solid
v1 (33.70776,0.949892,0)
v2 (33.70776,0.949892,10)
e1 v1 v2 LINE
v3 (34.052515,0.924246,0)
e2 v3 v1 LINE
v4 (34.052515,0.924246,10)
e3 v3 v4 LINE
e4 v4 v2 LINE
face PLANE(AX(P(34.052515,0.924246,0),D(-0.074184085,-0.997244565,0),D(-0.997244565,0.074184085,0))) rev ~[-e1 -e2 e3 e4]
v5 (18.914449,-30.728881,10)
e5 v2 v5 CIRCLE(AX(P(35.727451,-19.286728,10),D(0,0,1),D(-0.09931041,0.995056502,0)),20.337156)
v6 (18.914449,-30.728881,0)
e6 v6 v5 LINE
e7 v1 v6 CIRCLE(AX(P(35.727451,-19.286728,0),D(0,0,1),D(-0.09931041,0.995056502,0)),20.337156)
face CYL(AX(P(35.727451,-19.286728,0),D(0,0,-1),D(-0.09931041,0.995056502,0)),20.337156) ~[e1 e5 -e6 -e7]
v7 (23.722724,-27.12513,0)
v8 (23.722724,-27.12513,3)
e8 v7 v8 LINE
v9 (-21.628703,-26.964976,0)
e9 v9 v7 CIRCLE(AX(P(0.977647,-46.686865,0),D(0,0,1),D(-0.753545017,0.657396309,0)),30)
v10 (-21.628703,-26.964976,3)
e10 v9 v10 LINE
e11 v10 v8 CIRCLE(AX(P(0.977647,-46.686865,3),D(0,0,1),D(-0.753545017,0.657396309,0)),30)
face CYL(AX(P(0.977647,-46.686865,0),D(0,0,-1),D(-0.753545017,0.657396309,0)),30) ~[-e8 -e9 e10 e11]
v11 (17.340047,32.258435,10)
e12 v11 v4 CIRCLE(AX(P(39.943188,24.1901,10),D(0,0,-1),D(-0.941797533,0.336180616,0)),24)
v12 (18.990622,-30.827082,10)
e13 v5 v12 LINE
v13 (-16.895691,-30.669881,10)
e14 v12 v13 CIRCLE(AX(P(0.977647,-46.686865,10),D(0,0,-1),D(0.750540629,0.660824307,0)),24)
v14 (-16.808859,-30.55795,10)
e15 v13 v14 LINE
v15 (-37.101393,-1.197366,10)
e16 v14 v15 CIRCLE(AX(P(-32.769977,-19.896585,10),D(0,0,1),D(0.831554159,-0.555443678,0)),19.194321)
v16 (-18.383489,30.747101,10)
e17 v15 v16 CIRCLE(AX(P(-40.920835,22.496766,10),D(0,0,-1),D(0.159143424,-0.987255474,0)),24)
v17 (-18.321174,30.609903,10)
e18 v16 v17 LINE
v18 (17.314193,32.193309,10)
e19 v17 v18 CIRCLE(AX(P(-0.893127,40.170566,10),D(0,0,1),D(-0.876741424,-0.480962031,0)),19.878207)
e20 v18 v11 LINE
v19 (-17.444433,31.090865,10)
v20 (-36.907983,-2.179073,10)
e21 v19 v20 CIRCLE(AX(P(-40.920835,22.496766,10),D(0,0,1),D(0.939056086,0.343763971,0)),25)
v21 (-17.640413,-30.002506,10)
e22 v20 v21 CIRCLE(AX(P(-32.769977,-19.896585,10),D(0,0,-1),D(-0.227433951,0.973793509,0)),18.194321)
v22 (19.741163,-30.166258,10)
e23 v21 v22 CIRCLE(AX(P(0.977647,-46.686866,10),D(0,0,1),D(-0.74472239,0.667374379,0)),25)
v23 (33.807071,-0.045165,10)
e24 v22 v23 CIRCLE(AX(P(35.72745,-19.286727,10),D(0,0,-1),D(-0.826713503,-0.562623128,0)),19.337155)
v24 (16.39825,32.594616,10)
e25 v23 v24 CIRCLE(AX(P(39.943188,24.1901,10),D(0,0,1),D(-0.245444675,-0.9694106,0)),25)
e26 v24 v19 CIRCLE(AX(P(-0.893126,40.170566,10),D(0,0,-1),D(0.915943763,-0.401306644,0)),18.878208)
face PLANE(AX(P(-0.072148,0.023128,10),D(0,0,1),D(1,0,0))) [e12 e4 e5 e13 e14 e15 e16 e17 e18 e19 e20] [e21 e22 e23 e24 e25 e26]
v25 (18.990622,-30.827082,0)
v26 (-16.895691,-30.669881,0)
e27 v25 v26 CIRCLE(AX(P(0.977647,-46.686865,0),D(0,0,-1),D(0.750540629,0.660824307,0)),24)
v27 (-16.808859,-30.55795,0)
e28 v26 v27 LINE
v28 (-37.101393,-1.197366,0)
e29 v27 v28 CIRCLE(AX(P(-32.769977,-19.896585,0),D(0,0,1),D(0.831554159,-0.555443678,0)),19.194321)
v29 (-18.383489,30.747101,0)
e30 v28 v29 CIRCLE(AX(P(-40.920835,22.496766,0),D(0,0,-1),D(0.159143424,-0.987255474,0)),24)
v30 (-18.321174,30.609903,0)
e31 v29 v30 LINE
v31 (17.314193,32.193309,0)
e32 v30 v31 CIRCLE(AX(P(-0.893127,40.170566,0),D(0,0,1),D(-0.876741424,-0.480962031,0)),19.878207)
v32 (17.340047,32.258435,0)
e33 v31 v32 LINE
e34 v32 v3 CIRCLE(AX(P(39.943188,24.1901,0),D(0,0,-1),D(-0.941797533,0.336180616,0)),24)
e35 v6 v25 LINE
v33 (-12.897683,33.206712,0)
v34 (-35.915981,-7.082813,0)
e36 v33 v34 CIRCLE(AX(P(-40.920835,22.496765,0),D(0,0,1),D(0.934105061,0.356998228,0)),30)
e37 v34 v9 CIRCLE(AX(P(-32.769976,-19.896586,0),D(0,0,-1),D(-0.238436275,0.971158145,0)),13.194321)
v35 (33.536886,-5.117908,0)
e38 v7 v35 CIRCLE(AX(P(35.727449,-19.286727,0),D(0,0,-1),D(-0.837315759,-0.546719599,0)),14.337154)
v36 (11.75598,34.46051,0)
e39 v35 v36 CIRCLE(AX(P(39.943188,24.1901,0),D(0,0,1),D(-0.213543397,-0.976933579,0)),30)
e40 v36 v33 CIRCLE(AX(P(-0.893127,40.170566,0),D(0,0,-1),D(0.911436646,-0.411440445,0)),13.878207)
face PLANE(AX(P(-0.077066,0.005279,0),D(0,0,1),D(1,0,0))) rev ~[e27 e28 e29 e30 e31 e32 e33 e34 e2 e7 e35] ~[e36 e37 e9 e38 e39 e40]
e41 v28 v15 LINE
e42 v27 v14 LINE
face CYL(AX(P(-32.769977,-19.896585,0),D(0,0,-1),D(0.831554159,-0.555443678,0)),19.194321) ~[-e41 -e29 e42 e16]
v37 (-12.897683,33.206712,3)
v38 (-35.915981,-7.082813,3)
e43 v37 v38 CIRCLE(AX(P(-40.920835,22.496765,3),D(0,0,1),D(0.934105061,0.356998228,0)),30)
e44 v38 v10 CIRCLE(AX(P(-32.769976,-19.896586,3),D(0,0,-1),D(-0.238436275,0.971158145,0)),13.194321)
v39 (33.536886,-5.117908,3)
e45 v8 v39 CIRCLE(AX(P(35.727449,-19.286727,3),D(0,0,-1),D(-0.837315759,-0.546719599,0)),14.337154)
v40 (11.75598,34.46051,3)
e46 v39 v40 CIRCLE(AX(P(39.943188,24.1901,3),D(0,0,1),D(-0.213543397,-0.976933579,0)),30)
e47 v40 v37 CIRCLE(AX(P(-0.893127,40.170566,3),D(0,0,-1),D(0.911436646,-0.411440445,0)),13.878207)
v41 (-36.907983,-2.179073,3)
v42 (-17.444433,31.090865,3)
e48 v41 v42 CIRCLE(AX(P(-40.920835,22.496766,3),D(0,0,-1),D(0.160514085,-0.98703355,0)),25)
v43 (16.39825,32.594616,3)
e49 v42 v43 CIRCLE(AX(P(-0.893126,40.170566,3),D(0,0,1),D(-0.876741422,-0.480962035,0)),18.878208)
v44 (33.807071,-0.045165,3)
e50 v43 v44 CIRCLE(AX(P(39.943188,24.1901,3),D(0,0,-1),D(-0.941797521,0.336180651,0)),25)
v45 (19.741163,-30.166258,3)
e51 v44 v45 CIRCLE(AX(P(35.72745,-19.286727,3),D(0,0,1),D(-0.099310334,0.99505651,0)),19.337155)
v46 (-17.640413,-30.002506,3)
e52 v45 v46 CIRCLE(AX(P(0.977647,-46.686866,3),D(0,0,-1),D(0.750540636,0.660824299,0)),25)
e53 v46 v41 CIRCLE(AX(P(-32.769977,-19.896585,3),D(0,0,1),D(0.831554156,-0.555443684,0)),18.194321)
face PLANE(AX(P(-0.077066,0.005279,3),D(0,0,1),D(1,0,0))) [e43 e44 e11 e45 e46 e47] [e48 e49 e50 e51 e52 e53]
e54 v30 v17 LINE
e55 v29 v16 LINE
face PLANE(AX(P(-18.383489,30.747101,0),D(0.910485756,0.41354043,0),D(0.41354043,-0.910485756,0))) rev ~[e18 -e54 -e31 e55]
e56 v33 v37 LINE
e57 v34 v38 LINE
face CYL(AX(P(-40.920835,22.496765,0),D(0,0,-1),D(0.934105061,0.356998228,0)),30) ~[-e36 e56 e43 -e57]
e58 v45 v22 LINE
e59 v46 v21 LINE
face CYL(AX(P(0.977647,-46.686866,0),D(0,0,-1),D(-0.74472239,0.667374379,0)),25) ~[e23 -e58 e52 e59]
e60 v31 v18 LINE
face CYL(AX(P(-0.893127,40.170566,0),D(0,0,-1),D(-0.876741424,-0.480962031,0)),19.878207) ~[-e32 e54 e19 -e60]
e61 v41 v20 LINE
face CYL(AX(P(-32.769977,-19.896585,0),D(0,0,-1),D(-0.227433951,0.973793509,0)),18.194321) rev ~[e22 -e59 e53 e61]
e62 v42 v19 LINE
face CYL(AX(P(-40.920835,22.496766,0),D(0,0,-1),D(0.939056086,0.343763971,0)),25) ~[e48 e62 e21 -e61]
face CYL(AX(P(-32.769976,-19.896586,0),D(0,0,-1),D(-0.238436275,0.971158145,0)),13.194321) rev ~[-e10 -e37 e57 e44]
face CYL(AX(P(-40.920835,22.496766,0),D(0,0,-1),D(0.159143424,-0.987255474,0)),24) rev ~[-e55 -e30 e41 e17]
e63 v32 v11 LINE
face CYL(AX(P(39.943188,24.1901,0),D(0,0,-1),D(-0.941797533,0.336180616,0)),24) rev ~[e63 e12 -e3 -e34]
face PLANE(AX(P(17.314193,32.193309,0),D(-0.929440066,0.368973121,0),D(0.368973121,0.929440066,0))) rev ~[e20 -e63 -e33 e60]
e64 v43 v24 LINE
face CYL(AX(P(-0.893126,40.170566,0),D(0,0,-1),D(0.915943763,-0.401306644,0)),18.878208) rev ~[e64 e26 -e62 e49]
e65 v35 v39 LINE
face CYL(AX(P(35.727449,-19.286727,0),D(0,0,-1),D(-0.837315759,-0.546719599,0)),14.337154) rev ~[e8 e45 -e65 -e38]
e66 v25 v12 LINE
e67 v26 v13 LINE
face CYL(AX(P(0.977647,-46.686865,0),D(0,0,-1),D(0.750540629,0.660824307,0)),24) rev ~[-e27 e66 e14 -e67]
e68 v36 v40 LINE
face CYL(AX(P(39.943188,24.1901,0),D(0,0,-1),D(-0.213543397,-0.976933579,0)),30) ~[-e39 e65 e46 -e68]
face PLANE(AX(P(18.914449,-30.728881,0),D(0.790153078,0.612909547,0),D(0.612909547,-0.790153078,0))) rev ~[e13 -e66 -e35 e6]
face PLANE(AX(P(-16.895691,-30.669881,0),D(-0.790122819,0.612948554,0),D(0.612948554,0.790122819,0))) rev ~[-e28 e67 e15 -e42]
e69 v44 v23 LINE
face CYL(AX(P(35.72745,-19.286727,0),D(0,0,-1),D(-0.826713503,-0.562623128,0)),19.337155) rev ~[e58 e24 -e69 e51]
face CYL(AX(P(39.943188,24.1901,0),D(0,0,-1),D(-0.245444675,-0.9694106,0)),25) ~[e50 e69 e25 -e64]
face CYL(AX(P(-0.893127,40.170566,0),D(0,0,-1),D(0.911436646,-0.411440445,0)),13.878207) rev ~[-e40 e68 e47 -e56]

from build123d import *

# Parameters (mm, degrees)
F1_DEPTH = 3
F2_DEPTH = 10


with BuildPart() as f1:
    # F0 (on Top) → F1 (new body)
    with BuildSketch(Plane.XY):
        with BuildLine():
            ThreePointArc((11.75598, 34.46051), (-0.188241, 26.310271), (-12.897683, 33.206712))
            ThreePointArc((-12.897683, 33.206712), (-66.969323, 37.378844), (-35.915981, -7.082813))
            ThreePointArc((-35.915981, -7.082813), (-22.055212, -12.196979), (-21.628703, -26.964976))
            ThreePointArc((-21.628703, -26.964976), (0.871706, -76.686678), (23.722724, -27.12513))
            ThreePointArc((23.722724, -27.12513), (22.633328, -13.447379), (33.536886, -5.117908))
            ThreePointArc((33.536886, -5.117908), (66.226082, 38.654176), (11.75598, 34.46051))
        make_face()
        with BuildLine():
            ThreePointArc((-36.907983, -2.179073), (-62.499458, 35.120673), (-17.444433, 31.090865))
            ThreePointArc((-17.444433, 31.090865), (-0.055128, 21.310967), (16.39825, 32.594616))
            ThreePointArc((16.39825, 32.594616), (62.001748, 35.955299), (33.807071, -0.045165))
            ThreePointArc((33.807071, -0.045165), (18.206542, -11.104836), (19.741163, -30.166258))
            ThreePointArc((19.741163, -30.166258), (0.868135, -71.686626), (-17.640413, -30.002506))
            ThreePointArc((-17.640413, -30.002506), (-17.812054, -9.538309), (-36.907983, -2.179073))
        make_face(mode=Mode.SUBTRACT)
    extrude(amount=F1_DEPTH)

    # F0 (on Top) → F2 (join)
    with BuildSketch(Plane.XY):
        with BuildLine():
            ThreePointArc((16.39825, 32.594616), (-0.055128, 21.310967), (-17.444433, 31.090865))
            ThreePointArc((-17.444433, 31.090865), (-62.499458, 35.120673), (-36.907983, -2.179073))
            ThreePointArc((-36.907983, -2.179073), (-17.812054, -9.538309), (-17.640413, -30.002506))
            ThreePointArc((-17.640413, -30.002506), (0.868135, -71.686626), (19.741163, -30.166258))
            ThreePointArc((19.741163, -30.166258), (18.206542, -11.104836), (33.807071, -0.045165))
            ThreePointArc((33.807071, -0.045165), (62.001748, 35.955299), (16.39825, 32.594616))
        make_face()
        with BuildLine():
            ThreePointArc((-37.101393, -1.197366), (-61.627895, 34.630095), (-18.383489, 30.747101))
            Line((-18.383489, 30.747101), (-18.321174, 30.609903))
            ThreePointArc((-18.321174, 30.609903), (-0.010738, 20.311953), (17.314193, 32.193309))
            Line((17.314193, 32.193309), (17.340047, 32.258435))
            ThreePointArc((17.340047, 32.258435), (61.119406, 35.484691), (34.052515, 0.924246))
            Line((34.052515, 0.924246), (33.70776, 0.949892))
            ThreePointArc((33.70776, 0.949892), (17.300467, -10.681719), (18.914449, -30.728881))
            Line((18.914449, -30.728881), (18.990622, -30.827082))
            ThreePointArc((18.990622, -30.827082), (0.872515, -70.686635), (-16.895691, -30.669881))
            Line((-16.895691, -30.669881), (-16.808859, -30.55795))
            ThreePointArc((-16.808859, -30.55795), (-16.979997, -8.983359), (-37.101393, -1.197366))
        make_face(mode=Mode.SUBTRACT)
    extrude(amount=F2_DEPTH)


solid = f1.part
